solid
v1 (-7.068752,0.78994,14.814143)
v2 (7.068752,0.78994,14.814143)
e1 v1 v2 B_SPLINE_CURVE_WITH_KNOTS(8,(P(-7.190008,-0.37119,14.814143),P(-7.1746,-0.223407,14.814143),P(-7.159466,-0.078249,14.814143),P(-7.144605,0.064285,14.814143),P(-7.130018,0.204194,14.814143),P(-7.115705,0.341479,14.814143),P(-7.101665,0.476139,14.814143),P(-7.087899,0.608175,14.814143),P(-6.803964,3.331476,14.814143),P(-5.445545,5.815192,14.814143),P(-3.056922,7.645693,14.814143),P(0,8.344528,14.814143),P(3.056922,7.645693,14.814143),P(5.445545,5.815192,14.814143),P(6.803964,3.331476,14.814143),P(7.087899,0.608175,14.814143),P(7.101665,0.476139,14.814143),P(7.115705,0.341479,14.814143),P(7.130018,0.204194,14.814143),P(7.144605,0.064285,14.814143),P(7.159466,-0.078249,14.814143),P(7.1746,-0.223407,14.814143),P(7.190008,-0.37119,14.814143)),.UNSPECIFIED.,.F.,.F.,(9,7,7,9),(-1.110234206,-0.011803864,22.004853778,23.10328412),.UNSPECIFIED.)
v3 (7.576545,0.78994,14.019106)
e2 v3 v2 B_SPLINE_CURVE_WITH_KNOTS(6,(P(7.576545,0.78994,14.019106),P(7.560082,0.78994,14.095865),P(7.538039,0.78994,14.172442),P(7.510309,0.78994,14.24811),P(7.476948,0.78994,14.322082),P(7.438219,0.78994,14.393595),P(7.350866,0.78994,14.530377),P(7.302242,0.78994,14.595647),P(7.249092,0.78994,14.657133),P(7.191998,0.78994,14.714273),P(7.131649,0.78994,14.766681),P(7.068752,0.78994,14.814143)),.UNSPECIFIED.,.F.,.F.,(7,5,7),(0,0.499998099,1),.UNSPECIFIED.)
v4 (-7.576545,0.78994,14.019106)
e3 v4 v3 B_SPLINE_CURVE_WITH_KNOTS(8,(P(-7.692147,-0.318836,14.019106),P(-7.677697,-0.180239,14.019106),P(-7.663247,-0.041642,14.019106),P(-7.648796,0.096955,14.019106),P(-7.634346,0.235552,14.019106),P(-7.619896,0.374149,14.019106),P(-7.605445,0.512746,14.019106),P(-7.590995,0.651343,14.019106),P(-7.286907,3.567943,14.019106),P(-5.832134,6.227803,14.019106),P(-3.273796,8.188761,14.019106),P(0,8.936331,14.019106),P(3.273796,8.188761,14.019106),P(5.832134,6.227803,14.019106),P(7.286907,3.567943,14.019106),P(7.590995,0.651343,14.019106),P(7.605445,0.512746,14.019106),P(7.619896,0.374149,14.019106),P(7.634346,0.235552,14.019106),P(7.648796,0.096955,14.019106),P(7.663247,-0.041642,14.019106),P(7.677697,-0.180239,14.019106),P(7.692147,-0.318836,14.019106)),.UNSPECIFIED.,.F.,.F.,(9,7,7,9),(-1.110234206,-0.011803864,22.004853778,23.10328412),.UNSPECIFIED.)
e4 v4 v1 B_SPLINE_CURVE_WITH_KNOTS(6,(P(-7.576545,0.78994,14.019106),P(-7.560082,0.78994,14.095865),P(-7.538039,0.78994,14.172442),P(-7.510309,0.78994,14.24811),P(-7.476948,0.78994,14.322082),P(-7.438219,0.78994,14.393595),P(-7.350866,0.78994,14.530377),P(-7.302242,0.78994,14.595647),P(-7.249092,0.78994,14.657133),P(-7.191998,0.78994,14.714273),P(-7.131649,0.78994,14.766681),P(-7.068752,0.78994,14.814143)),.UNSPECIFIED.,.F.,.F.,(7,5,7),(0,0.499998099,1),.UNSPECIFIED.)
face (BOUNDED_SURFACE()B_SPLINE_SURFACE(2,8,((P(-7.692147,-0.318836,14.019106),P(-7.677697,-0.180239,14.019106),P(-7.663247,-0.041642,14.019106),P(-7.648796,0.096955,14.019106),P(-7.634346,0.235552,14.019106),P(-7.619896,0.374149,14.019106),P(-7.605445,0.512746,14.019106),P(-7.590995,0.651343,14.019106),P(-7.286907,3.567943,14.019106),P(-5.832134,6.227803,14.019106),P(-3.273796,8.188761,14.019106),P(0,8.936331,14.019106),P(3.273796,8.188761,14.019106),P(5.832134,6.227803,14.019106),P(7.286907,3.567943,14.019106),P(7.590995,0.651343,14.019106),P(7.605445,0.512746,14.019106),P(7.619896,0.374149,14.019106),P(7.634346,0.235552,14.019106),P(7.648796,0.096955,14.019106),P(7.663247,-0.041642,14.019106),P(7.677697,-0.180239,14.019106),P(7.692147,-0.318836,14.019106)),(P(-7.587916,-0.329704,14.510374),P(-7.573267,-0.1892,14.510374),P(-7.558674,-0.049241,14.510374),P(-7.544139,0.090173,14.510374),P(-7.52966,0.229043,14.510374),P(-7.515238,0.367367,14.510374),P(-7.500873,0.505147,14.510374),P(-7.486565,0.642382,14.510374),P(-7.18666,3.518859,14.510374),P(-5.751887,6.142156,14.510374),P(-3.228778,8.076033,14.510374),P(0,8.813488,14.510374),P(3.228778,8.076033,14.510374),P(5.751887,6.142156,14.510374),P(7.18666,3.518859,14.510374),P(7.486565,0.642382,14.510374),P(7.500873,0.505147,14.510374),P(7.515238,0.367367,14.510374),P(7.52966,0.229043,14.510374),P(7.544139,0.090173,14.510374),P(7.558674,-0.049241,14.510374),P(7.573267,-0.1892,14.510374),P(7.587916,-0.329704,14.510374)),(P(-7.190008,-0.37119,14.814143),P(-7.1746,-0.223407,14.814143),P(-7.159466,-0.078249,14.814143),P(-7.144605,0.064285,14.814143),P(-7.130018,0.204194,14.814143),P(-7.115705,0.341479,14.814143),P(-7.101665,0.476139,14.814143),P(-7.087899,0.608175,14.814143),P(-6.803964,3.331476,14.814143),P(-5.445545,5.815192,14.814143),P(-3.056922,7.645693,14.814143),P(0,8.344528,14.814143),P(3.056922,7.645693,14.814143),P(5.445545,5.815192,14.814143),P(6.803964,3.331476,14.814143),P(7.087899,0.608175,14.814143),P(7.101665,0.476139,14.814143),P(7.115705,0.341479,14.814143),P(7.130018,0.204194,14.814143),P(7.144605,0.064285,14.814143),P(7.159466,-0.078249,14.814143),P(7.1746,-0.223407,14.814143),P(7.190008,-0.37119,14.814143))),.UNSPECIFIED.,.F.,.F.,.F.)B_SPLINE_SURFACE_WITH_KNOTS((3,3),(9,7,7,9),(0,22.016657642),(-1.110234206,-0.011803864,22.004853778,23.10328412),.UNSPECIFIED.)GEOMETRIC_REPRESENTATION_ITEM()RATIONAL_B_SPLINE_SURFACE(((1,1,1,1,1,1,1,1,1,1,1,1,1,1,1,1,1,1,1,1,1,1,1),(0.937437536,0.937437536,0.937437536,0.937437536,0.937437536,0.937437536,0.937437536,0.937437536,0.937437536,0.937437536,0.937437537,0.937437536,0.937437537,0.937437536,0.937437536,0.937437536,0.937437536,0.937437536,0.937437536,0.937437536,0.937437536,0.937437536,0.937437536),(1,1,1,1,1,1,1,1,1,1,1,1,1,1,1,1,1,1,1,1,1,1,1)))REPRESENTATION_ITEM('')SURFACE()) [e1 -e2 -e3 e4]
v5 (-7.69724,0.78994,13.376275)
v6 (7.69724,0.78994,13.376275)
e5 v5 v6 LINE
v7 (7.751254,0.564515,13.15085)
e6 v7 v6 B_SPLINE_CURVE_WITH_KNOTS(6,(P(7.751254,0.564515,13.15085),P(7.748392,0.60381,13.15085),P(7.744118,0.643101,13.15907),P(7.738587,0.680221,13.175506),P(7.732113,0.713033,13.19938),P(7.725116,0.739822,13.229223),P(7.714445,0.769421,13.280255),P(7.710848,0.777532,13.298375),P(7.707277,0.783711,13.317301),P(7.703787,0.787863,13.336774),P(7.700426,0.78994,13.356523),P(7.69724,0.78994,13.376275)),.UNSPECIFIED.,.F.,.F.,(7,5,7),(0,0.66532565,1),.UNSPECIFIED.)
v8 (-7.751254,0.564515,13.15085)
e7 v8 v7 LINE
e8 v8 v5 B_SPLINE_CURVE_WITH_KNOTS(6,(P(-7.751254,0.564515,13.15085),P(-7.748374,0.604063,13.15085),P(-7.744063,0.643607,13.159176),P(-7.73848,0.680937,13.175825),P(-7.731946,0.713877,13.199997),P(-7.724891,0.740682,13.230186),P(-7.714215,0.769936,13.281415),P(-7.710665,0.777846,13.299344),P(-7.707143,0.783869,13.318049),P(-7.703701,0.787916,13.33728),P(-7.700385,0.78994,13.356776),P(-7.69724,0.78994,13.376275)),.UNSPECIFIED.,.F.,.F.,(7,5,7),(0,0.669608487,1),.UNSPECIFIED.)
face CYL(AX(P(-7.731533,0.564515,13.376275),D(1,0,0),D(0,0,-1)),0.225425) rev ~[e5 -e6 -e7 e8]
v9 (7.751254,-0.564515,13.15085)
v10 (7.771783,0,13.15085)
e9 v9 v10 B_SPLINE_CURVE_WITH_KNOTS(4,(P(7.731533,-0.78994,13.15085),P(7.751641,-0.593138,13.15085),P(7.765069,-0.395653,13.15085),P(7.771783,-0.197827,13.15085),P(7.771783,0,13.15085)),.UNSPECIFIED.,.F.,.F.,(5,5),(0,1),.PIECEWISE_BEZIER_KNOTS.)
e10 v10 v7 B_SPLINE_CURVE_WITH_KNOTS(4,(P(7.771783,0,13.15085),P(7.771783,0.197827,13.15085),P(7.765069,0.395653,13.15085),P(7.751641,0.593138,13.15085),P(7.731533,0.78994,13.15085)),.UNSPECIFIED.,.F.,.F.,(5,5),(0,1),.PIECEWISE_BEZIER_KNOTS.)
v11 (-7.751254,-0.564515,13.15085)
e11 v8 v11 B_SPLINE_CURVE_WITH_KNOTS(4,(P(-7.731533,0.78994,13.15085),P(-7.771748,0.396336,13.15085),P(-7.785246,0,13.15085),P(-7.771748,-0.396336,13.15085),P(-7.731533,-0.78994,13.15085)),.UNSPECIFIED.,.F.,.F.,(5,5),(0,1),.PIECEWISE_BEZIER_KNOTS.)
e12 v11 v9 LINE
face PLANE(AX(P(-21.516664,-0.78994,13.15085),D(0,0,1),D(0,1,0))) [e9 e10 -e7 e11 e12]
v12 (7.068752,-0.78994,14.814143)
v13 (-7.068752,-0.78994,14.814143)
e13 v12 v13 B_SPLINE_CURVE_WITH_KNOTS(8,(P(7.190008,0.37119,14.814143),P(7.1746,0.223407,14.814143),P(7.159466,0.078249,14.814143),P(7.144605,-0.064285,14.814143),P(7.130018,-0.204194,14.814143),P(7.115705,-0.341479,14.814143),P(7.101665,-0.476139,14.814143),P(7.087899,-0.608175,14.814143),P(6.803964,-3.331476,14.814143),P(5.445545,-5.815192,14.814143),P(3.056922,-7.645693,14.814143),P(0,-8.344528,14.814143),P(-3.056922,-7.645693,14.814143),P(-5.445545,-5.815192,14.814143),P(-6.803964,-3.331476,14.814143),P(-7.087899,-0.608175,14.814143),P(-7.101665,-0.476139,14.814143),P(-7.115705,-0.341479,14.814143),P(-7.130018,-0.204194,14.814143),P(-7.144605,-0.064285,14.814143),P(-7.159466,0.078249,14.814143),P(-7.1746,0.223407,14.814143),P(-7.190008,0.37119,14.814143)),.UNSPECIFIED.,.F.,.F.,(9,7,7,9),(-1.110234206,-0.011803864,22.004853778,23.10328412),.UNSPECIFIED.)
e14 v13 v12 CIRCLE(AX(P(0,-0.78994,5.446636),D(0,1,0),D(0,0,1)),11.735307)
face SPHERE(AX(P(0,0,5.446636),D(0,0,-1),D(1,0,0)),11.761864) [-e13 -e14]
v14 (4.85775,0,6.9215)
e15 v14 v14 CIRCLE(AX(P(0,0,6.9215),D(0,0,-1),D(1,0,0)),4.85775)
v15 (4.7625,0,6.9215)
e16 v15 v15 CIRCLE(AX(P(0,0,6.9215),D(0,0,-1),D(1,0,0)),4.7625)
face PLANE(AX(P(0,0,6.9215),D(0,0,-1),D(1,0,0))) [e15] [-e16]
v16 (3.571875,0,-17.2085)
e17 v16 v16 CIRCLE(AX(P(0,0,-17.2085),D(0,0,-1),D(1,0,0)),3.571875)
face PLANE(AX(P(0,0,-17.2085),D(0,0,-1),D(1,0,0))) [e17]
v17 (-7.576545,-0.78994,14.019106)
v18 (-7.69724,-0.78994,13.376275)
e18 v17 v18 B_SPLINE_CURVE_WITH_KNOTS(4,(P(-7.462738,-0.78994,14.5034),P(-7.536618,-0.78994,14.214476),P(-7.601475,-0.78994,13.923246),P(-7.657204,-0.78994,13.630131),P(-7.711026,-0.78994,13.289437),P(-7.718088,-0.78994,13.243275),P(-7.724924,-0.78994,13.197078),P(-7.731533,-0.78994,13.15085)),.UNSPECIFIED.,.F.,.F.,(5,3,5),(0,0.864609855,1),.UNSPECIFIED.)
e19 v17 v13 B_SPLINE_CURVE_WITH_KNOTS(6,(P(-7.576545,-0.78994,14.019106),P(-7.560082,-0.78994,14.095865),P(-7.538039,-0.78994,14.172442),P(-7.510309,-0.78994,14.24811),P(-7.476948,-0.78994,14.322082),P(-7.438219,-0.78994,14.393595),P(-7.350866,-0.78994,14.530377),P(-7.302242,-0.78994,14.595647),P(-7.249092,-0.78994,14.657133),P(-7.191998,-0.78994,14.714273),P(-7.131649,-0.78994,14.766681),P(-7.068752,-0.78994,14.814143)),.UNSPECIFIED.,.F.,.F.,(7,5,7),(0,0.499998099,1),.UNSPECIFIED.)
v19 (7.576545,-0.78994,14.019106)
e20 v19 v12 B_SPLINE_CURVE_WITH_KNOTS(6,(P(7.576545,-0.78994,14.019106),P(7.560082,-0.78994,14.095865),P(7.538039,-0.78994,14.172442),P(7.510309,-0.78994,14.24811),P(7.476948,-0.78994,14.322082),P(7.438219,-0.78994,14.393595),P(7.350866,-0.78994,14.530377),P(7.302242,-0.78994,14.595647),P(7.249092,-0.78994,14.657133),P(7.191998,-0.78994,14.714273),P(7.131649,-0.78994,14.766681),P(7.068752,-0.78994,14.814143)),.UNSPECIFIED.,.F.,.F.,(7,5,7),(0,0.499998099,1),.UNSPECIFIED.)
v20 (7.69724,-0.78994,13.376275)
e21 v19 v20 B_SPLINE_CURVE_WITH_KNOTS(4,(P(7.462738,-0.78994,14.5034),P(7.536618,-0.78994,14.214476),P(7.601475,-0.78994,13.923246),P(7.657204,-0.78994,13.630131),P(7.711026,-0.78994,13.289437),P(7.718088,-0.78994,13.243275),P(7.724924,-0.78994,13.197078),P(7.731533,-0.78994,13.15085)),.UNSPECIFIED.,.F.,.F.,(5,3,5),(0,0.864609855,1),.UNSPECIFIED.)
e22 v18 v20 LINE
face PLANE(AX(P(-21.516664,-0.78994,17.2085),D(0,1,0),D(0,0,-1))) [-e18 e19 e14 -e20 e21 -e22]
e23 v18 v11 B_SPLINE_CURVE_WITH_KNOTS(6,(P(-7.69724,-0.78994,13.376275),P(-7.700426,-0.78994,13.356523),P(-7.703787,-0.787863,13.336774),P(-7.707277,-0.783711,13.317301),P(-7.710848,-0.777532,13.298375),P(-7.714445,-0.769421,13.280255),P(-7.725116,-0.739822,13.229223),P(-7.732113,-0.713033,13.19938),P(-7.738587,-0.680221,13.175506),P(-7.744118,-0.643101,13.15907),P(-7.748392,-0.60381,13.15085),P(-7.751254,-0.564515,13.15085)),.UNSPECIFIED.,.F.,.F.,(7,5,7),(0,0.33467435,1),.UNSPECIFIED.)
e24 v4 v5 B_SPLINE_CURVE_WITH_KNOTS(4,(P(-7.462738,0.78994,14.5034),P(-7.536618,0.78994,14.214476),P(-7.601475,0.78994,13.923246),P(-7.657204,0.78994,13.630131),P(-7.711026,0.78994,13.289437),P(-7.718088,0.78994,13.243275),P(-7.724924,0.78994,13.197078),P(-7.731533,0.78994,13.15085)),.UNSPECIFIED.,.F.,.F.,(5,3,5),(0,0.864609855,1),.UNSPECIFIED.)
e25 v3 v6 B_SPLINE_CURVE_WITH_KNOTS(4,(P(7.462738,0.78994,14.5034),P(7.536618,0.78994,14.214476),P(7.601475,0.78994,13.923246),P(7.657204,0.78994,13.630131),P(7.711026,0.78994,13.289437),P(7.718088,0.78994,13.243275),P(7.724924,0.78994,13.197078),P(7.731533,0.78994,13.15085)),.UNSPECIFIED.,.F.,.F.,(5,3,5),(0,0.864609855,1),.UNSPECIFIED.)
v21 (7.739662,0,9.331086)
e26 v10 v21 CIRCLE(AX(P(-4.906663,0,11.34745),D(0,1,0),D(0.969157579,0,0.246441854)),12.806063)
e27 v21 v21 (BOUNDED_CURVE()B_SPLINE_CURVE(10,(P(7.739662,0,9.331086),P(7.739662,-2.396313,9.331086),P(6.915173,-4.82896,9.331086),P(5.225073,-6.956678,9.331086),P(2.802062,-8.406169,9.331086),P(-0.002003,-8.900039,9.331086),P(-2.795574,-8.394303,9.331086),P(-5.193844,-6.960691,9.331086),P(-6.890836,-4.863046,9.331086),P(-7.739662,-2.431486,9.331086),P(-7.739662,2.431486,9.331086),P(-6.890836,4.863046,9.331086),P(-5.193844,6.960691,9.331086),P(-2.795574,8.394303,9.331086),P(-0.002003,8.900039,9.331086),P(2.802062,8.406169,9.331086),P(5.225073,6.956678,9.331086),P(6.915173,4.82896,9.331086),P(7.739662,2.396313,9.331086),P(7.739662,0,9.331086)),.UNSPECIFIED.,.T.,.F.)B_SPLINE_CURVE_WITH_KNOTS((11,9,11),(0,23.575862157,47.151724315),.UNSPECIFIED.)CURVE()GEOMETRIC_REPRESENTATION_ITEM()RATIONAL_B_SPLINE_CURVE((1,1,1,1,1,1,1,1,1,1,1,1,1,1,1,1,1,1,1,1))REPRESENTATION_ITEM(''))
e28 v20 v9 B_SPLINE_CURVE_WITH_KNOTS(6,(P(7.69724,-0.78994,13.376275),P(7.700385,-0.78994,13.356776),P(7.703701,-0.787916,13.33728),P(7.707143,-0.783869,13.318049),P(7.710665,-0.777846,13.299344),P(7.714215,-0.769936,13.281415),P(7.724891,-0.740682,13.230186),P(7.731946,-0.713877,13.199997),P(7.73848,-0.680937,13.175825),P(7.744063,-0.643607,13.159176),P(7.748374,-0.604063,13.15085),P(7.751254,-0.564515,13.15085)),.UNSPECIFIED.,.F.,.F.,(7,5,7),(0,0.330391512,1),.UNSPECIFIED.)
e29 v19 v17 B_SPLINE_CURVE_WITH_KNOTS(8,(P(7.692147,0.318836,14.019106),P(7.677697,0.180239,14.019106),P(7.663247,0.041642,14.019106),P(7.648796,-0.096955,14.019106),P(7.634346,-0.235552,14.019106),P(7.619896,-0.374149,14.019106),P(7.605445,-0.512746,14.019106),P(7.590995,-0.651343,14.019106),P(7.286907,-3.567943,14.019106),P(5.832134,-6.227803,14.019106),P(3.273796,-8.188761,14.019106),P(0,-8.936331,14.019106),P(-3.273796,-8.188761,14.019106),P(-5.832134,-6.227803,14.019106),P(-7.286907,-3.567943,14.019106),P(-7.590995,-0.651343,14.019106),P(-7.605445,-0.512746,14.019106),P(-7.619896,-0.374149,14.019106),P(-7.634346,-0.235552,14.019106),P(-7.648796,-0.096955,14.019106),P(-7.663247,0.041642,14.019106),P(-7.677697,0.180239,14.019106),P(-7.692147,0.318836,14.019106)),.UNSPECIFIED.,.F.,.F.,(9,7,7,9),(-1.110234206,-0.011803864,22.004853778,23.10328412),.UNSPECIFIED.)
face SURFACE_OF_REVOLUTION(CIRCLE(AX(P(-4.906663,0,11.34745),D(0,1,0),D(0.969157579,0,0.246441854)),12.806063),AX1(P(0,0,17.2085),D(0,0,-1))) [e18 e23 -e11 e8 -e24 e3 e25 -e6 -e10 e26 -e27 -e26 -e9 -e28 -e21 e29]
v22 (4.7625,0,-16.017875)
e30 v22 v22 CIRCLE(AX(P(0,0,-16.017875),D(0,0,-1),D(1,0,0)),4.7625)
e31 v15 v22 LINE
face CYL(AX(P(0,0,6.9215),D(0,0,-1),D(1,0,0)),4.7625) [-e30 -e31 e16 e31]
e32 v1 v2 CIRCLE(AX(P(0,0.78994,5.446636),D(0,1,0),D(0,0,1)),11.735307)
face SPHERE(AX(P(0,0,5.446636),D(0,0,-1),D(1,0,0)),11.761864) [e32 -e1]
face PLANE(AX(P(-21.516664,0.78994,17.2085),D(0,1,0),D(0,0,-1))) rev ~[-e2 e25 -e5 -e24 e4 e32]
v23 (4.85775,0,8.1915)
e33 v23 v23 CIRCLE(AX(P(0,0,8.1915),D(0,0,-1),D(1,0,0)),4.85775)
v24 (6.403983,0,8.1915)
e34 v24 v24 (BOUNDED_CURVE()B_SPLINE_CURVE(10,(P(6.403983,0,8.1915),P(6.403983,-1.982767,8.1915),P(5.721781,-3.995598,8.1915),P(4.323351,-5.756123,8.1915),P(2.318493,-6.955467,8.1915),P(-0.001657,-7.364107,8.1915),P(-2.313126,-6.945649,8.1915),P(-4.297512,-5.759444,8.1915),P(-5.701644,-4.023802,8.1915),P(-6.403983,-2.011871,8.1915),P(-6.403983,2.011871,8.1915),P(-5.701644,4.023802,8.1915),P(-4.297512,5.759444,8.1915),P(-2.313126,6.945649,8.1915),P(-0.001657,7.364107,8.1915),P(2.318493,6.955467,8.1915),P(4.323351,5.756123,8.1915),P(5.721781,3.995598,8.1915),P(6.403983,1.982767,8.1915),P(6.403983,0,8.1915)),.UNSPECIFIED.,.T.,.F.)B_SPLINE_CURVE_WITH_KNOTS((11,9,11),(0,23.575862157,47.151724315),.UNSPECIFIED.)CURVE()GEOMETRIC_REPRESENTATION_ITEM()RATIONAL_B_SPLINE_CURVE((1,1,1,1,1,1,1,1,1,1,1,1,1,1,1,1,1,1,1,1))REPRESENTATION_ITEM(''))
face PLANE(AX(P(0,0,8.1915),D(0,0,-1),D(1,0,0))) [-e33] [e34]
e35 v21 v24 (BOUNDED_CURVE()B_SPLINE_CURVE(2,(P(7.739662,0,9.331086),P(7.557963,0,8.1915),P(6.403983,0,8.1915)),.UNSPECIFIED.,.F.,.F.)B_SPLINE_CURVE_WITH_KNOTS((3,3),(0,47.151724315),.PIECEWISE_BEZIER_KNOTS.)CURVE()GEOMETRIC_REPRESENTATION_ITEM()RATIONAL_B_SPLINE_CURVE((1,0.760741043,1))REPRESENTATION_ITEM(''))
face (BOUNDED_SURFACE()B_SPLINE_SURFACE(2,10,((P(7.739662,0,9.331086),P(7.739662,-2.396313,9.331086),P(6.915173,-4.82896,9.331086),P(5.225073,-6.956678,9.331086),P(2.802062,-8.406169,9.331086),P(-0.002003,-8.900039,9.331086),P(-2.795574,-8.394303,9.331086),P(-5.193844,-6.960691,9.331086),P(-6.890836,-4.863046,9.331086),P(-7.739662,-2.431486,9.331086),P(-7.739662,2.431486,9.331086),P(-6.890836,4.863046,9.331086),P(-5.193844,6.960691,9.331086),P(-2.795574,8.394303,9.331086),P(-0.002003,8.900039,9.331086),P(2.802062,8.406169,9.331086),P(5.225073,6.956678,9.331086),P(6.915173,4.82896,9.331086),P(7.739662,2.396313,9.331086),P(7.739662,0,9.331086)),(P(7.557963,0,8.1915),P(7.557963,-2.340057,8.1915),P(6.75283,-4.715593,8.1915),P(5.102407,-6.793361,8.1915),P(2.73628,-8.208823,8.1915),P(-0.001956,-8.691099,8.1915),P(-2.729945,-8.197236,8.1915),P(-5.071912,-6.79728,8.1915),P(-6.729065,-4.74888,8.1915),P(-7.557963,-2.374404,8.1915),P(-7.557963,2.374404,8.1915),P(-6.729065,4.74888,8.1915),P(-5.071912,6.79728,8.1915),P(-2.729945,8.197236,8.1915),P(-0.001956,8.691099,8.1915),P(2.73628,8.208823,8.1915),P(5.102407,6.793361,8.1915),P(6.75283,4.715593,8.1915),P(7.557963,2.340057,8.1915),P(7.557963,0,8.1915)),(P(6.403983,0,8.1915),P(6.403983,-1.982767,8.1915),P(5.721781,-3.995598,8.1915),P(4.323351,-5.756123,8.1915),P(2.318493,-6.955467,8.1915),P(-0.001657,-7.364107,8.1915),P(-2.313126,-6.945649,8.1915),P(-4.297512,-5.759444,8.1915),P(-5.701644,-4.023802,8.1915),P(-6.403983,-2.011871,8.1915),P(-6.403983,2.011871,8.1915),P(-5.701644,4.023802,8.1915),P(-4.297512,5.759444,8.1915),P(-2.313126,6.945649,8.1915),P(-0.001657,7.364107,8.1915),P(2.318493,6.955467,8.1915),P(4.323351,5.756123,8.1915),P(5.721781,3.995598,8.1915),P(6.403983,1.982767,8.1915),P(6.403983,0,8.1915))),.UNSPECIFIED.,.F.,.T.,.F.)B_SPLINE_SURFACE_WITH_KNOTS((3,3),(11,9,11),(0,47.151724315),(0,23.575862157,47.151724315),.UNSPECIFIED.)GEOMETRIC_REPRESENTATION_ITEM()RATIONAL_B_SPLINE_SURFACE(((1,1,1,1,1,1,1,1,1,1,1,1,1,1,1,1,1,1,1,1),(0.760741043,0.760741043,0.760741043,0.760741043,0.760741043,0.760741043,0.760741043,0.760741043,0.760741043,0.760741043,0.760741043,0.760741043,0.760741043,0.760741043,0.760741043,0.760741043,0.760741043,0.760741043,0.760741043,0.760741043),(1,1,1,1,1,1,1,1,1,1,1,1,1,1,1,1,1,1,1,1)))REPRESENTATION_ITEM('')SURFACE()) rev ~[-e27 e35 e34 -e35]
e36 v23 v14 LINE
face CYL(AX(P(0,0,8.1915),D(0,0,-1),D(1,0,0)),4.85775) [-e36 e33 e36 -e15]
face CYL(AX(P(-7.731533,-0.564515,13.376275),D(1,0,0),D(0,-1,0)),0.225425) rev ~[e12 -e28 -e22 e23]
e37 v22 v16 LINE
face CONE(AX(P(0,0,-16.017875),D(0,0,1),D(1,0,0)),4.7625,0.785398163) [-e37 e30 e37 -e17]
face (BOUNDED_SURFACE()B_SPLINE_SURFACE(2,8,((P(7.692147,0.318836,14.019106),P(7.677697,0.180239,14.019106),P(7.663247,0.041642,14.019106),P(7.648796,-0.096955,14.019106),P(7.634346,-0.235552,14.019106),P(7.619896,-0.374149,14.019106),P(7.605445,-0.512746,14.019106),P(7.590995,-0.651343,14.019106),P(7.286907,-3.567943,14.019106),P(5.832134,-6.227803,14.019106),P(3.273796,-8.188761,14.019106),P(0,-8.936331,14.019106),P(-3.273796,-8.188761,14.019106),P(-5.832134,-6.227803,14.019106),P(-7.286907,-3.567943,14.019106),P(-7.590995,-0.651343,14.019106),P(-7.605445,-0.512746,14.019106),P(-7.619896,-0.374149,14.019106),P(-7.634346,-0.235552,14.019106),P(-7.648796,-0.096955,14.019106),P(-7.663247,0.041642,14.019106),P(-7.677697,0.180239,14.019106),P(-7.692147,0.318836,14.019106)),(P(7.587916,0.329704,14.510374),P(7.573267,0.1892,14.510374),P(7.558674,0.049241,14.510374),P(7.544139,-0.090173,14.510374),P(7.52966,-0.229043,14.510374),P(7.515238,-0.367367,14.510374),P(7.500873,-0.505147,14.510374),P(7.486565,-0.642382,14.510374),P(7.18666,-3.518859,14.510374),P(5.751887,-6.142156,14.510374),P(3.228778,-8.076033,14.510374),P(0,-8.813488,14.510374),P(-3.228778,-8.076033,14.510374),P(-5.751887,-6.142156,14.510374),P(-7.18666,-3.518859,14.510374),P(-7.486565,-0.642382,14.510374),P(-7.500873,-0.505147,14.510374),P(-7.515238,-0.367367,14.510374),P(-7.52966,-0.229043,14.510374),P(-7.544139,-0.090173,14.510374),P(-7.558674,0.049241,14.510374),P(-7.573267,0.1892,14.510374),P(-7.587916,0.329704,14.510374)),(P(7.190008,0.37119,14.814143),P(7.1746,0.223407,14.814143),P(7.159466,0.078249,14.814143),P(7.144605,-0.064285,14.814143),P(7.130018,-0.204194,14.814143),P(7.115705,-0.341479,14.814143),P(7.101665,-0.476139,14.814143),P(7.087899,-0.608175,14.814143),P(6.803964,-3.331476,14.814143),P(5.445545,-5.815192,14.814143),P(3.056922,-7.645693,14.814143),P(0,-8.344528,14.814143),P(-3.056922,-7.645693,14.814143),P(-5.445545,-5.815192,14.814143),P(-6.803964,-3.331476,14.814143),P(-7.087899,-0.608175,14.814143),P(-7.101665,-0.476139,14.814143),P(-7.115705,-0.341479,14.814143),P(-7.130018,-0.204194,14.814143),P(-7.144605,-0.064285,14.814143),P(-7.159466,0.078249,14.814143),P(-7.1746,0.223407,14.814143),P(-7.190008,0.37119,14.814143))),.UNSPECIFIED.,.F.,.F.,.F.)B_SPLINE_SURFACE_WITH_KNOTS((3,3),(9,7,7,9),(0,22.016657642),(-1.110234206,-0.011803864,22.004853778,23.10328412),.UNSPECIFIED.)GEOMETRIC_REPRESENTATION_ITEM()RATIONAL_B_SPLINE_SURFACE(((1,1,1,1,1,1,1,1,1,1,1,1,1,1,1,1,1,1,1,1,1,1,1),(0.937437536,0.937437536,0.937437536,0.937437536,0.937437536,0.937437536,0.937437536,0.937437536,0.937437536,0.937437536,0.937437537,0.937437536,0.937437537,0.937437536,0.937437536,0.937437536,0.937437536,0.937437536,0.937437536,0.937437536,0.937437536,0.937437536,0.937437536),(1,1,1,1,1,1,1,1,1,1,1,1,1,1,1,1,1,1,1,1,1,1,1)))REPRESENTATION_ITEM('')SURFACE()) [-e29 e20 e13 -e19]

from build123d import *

# Parameters (mm, degrees)
CUT_EXTRUDE1_DEPTH      = 21.516664352
CUT_EXTRUDE1_DEPTH_BACK = 21.516664352
SKETCH9_W               = 4.05765
SKETCH9_H               = 1.57988
FILLET1_R               = 0.225425
FILLET2_R               = 1.35255


with BuildPart() as part:
    # Sketch2 → Revolve1 (revolve)
    with BuildSketch(Plane(origin=(0, 0, 0), x_dir=(0, 0, -1), z_dir=(1, 0, 0)), mode=Mode.PRIVATE) as revolve1_sk:
        with BuildLine():
            Line((-8.1915, 7.50443), (-8.1915, 4.85775))
            Line((-8.1915, 4.85775), (-6.9215, 4.85775))
            Line((-6.9215, 4.85775), (-6.9215, 4.7625))
            Line((-6.9215, 4.7625), (16.017875, 4.7625))
            Line((16.017875, 4.7625), (17.2085, 3.571875))
            Line((17.2085, 3.571875), (17.2085, 0))
            Line((17.2085, 0), (-17.2085, 0))
            ThreePointArc((-17.2085, 0), (-16.511577735, 3.988547218), (-14.5034, 7.50443))
            ThreePointArc((-14.5034, 7.50443), (-11.34745, 7.8994), (-8.1915, 7.50443))
        make_face()
    revolve(revolve1_sk.sketch.rotate(Axis((0, 0, 17.2085), (0, 0, -1)), 90), axis=Axis((0, 0, 17.2085), (0, 0, -1)))

    # Sketch9 → Cut-Extrude1 (cut, two sides: drawn at the far end of the back side and taken through both)
    with BuildSketch(Plane(origin=(0, 0, 0), x_dir=(0, 0, -1), z_dir=(1, 0, 0)).offset(-CUT_EXTRUDE1_DEPTH_BACK)):
        with Locations((-15.179675, 0)):
            Rectangle(SKETCH9_W, SKETCH9_H)
    extrude(amount=CUT_EXTRUDE1_DEPTH + CUT_EXTRUDE1_DEPTH_BACK, mode=Mode.SUBTRACT)

    # Fillet1
    fillet1_edges = [part.edges().sort_by_distance(p)[0] for p in [
        (0, 0.78994, 13.15085),
        (0, -0.78994, 13.15085),
    ]]
    fillet(fillet1_edges, radius=FILLET1_R)

    # Fillet2
    fillet2_edges = [part.edges().sort_by_distance(p)[0] for p in [
        (-7.50443, 0, 8.1915),
        (0, -7.50443, 14.5034),
        (0, 7.50443, 14.5034),
    ]]
    fillet(fillet2_edges, radius=FILLET2_R)


solid = part.part
